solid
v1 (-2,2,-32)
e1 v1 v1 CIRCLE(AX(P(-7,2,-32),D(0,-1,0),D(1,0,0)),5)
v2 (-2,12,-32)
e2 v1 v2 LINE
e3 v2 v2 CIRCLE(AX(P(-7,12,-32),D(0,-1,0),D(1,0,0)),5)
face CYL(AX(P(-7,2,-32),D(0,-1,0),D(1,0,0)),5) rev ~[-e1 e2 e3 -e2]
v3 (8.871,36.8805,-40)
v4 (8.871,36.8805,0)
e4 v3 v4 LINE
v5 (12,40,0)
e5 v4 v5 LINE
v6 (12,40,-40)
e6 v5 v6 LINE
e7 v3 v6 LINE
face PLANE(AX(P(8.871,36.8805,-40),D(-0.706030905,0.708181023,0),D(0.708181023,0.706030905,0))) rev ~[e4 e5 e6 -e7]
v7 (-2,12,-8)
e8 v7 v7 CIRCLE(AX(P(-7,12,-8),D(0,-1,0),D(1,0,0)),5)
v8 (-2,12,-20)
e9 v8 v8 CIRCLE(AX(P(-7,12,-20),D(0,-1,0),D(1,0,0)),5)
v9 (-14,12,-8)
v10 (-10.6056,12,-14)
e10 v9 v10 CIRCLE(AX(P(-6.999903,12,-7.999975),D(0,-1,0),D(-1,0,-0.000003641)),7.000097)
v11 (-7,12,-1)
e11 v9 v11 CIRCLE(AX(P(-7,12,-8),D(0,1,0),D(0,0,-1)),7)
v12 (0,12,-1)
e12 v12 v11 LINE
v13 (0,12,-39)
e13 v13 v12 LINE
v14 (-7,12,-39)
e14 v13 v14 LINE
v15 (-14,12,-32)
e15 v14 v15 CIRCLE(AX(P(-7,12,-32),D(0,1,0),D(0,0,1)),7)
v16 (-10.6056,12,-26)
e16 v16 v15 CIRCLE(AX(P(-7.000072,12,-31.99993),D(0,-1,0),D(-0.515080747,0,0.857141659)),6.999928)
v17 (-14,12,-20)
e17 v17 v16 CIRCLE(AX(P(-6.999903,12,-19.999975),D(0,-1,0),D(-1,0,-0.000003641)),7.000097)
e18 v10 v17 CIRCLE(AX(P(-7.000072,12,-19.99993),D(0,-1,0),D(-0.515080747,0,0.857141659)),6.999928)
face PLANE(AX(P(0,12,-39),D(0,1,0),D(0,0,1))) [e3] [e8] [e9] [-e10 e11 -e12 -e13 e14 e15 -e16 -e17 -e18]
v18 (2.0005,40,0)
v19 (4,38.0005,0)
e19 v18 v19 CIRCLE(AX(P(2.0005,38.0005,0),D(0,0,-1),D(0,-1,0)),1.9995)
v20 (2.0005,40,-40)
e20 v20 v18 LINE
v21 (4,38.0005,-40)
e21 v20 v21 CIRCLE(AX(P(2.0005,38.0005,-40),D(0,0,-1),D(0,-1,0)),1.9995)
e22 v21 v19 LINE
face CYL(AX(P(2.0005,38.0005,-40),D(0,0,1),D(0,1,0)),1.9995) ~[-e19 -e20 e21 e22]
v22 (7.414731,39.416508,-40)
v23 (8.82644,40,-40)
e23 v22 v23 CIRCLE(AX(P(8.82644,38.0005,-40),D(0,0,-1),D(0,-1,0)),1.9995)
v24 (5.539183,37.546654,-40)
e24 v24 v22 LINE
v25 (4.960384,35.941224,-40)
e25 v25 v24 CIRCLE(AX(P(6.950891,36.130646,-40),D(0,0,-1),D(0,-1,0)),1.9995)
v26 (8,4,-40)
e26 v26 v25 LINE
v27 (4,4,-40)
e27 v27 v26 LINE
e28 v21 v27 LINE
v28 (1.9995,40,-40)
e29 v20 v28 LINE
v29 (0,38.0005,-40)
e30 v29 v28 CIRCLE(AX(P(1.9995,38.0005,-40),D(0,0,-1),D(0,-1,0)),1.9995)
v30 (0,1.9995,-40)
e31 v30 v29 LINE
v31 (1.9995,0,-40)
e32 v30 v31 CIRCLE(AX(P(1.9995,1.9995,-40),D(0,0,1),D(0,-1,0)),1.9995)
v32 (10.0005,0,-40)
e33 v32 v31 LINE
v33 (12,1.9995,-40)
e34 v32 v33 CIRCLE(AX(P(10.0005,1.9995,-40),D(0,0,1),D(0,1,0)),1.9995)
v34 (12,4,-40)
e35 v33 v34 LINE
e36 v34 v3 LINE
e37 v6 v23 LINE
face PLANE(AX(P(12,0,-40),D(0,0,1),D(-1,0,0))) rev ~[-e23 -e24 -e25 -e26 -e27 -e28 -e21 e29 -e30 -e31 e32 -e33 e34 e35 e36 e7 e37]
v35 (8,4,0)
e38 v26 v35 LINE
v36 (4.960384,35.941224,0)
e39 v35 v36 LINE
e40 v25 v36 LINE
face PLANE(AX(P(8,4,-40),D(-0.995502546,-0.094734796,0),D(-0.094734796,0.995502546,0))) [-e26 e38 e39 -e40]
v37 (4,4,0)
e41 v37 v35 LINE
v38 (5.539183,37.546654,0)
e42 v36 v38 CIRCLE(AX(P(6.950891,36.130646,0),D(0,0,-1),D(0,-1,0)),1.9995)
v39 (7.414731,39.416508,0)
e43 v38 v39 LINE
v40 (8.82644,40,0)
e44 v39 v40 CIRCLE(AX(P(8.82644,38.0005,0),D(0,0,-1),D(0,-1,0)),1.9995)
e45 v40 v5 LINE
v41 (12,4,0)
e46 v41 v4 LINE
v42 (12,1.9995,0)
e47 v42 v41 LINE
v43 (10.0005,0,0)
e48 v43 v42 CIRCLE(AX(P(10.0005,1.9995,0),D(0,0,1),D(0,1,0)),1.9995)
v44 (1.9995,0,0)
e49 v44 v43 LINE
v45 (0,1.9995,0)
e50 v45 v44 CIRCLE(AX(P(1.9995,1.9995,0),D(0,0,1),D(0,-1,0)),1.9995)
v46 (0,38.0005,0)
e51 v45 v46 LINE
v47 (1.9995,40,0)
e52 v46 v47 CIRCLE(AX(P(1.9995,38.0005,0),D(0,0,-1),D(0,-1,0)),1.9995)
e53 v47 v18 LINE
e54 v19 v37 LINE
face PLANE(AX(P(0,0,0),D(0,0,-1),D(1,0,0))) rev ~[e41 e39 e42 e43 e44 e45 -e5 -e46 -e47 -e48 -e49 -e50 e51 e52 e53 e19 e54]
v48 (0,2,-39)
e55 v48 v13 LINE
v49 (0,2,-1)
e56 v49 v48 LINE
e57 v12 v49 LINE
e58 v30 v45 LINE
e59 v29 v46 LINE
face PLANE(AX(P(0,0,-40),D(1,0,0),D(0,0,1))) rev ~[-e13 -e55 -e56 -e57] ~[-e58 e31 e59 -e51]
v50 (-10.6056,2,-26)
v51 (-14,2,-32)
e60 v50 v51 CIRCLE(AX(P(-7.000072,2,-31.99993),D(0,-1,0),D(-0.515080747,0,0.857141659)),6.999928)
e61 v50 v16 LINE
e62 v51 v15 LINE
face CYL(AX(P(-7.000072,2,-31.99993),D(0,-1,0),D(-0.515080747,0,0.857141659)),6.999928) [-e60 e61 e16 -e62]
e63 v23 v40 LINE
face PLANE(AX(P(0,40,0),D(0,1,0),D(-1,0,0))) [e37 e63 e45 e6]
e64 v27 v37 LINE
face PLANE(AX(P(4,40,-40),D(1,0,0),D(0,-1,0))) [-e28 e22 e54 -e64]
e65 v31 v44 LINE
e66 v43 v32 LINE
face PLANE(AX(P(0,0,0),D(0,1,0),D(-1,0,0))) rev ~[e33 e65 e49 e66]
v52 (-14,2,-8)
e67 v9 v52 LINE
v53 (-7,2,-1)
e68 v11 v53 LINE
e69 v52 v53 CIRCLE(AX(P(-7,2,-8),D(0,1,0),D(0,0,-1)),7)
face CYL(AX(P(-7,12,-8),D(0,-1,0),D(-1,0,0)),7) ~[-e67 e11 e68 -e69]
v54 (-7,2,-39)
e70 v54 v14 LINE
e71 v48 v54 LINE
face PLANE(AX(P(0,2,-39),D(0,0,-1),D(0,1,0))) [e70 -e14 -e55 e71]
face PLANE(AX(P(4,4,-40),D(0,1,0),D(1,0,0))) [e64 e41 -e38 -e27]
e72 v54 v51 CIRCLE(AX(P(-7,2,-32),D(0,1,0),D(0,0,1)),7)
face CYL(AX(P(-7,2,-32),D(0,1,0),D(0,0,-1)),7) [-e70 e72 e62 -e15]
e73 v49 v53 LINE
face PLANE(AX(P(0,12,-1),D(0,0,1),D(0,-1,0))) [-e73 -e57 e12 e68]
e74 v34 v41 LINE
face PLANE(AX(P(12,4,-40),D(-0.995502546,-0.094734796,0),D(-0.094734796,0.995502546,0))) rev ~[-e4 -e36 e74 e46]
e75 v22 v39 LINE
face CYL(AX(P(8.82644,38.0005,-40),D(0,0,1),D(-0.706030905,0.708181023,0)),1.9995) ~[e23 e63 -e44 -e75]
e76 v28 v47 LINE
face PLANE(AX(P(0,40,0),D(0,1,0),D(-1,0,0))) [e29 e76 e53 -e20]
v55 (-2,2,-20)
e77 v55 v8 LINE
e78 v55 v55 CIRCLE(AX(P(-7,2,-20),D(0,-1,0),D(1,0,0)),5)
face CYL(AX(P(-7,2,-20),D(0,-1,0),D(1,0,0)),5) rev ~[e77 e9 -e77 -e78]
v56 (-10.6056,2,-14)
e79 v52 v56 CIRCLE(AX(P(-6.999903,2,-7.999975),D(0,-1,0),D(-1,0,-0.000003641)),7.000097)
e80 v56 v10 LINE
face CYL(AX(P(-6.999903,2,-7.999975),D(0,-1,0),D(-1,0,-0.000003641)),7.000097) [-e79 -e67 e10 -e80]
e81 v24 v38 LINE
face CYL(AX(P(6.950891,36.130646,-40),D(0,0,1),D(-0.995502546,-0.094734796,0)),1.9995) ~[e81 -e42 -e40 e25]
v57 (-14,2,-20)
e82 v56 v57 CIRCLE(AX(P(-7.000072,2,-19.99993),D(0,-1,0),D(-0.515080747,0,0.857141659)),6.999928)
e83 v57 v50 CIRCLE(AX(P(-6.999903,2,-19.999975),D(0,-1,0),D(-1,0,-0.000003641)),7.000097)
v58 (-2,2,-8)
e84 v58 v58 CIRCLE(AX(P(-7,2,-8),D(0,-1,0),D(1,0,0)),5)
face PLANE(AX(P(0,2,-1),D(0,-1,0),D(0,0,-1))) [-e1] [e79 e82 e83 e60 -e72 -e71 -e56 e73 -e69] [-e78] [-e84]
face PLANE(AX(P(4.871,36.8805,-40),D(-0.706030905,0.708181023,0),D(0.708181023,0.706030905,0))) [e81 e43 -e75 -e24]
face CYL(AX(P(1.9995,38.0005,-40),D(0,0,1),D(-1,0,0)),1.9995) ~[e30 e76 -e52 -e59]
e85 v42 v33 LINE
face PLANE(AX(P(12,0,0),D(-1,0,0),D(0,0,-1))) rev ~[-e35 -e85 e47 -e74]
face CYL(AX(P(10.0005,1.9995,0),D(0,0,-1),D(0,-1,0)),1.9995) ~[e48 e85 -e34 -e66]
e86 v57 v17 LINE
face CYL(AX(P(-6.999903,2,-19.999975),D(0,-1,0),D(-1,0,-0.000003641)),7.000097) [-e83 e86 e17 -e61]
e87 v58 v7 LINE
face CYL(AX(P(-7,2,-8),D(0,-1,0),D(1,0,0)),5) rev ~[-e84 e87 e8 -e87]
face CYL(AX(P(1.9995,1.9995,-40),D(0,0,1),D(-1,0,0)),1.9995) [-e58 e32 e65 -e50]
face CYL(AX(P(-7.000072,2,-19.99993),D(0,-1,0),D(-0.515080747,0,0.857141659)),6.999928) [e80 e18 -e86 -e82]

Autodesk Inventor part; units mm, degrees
ref_plane "YZ Plane" through (0, 0, 0) normal (1, 0, 0) x (0, 1, 0)
ref_plane "XZ Plane" through (0, 0, 0) normal (0, 1, 0) x (-1, 0, 0)
ref_plane "XY Plane" through (0, 0, 0) normal (0, 0, 1) x (1, 0, 0)
sketch "Sketch1" plane through (0, 0, 0) normal (0, 1, 0) x (-1, 0, 0)
  line L0 (0, 0) -> (-12, 0)
  line L1 (-12, 0) -> (-12, -40)
  line L2 (-12, -40) -> (0, -40)
  line L3 (0, -40) -> (0, 0)
  point P0 (-6, 0)
  dimension "d0" = 40
  dimension "d1" = 12
extrude "Extrusion1" add sketch "Sketch1" along normal blind 40
sketch "Sketch2" plane through (12, 0, -40) normal (0, 0, -1) x (-1, 0, 0)
  line L0 (0, 40) -> (12, 40) projected
  line L1 (8, 40) -> (8, 4)
  line L2 (8, 4) -> (4, 4)
  line L3 (4, 4) -> (7.129, 36.8805)
  line L4 (7.129, 36.8805) -> (4, 40)
  line L5 (4, 40) -> (8, 40)
  line L6 (12, 0) -> (12, 40) projected
  line L7 (0, 0) -> (0, 40) projected
  line L8 (0, 0) -> (12, 0) projected
  line L9 (0, 4) -> (3.129, 36.8805)
  line L10 (3.129, 36.8805) -> (0, 40)
  point P0 (6, 0)
  point P1 (6, 4)
  dimension "d4" = 4
  dimension "d5" = 4
  dimension "d6" = 4
  dimension "d7" = 4
  dimension "d8" = 4
  dimension "d9" = 4
  dimension "d10" = 3.982
  dimension "d11" = 2.8241
extrude "Extrusion2" cut sketch "Sketch2" against normal blind 40 contours L10 L9 L7 | L0 L1 L2 L3 L4
fillet "Fillet1" radius 2 6 edges at (12, 0, -20) (0, 0, -20) (0, 40, -20) (4, 40, -20) (8, 40, -20) (4.871, 36.8805, -20)
sketch "Sketch3" plane through (0, 2, -40) normal (-1, 0, 0) x (0, 0, 1)
  line L0 (40, 0) -> (0, 0) projected
  line L1 (39, 0) -> (1, 0)
  line L2 (1, 0) -> (1, 10)
  line L3 (1, 10) -> (39, 10)
  line L4 (39, 10) -> (39, 0)
  line L5 (0, 0) -> (0, 36) projected
  point P0 (40, -2)
  point P1 (1, 0)
  dimension "d15" = 38
  dimension "d16" = 1
  dimension "d17" = 10
extrude "Extrusion3" add sketch "Sketch3" along normal blind 14
sketch "Sketch4" plane through (-14, 2, -1) normal (0, -1, 0) x (1, 0, 0)
  circle A0 centre (7, -7) radius 5
  circle A1 centre (7, -31) radius 5
  circle A2 centre (7, -19) radius 5
  line L0 (14, -38) -> (0, -38) projected
  line L1 (0, -38) -> (0, 0) projected
  point P0 (14, 1)
  point P1 (0, -19)
  dimension "d20" = 10
  dimension "d21" = 10
  dimension "d22" = 10
  dimension "d23" = 2
  dimension "d24" = 2
  dimension "d25" = 2
  dimension "d26" = 7
  dimension "d27" = 7
  dimension "d28" = 7
extrude "Extrusion4" cut sketch "Sketch4" against normal blind 14
fillet "Fillet2" radius 7 1 edges at (-14, 7, -39)
fillet "Fillet3" radius 7 1 edges at (-14, 7, -1)
sketch "Sketch5" plane through (0, 2, -39) normal (0, -1, 0) x (1, 0, 0)
  circle A0 centre (-7, 19) radius 5 projected
  arc A1 (-14, 7) -> (-7, 0) centre (-7, 7) ccw projected
  arc A2 (-10.6056, 13) -> (-14, 7) centre (-7, 7) ccw
  line L0 (-14, 7) -> (-14, 31) projected
  circle A3 centre (-7, 7) radius 5 projected
  arc A4 (-14, 19) -> (-10.6056, 13) centre (-7, 19) ccw
  circle A5 centre (-7, 31) radius 5 projected
  arc A6 (-10.6056, 25) -> (-14, 19) centre (-7, 19) ccw
  arc A7 (-7, 38) -> (-14, 31) centre (-7, 31) ccw projected
  arc A8 (-14, 31) -> (-10.6056, 25) centre (-7, 31) ccw
  line L1 (-14, 31) -> (-14, 7)
  point P0 (0, 39)
  dimension "d33" = 7
  dimension "d34" = 7
extrude "Extrusion5" cut sketch "Sketch5" against normal blind 14 contours L0 A8 A6 | A2 L0 A4
properties part number "theWritersHolster"
